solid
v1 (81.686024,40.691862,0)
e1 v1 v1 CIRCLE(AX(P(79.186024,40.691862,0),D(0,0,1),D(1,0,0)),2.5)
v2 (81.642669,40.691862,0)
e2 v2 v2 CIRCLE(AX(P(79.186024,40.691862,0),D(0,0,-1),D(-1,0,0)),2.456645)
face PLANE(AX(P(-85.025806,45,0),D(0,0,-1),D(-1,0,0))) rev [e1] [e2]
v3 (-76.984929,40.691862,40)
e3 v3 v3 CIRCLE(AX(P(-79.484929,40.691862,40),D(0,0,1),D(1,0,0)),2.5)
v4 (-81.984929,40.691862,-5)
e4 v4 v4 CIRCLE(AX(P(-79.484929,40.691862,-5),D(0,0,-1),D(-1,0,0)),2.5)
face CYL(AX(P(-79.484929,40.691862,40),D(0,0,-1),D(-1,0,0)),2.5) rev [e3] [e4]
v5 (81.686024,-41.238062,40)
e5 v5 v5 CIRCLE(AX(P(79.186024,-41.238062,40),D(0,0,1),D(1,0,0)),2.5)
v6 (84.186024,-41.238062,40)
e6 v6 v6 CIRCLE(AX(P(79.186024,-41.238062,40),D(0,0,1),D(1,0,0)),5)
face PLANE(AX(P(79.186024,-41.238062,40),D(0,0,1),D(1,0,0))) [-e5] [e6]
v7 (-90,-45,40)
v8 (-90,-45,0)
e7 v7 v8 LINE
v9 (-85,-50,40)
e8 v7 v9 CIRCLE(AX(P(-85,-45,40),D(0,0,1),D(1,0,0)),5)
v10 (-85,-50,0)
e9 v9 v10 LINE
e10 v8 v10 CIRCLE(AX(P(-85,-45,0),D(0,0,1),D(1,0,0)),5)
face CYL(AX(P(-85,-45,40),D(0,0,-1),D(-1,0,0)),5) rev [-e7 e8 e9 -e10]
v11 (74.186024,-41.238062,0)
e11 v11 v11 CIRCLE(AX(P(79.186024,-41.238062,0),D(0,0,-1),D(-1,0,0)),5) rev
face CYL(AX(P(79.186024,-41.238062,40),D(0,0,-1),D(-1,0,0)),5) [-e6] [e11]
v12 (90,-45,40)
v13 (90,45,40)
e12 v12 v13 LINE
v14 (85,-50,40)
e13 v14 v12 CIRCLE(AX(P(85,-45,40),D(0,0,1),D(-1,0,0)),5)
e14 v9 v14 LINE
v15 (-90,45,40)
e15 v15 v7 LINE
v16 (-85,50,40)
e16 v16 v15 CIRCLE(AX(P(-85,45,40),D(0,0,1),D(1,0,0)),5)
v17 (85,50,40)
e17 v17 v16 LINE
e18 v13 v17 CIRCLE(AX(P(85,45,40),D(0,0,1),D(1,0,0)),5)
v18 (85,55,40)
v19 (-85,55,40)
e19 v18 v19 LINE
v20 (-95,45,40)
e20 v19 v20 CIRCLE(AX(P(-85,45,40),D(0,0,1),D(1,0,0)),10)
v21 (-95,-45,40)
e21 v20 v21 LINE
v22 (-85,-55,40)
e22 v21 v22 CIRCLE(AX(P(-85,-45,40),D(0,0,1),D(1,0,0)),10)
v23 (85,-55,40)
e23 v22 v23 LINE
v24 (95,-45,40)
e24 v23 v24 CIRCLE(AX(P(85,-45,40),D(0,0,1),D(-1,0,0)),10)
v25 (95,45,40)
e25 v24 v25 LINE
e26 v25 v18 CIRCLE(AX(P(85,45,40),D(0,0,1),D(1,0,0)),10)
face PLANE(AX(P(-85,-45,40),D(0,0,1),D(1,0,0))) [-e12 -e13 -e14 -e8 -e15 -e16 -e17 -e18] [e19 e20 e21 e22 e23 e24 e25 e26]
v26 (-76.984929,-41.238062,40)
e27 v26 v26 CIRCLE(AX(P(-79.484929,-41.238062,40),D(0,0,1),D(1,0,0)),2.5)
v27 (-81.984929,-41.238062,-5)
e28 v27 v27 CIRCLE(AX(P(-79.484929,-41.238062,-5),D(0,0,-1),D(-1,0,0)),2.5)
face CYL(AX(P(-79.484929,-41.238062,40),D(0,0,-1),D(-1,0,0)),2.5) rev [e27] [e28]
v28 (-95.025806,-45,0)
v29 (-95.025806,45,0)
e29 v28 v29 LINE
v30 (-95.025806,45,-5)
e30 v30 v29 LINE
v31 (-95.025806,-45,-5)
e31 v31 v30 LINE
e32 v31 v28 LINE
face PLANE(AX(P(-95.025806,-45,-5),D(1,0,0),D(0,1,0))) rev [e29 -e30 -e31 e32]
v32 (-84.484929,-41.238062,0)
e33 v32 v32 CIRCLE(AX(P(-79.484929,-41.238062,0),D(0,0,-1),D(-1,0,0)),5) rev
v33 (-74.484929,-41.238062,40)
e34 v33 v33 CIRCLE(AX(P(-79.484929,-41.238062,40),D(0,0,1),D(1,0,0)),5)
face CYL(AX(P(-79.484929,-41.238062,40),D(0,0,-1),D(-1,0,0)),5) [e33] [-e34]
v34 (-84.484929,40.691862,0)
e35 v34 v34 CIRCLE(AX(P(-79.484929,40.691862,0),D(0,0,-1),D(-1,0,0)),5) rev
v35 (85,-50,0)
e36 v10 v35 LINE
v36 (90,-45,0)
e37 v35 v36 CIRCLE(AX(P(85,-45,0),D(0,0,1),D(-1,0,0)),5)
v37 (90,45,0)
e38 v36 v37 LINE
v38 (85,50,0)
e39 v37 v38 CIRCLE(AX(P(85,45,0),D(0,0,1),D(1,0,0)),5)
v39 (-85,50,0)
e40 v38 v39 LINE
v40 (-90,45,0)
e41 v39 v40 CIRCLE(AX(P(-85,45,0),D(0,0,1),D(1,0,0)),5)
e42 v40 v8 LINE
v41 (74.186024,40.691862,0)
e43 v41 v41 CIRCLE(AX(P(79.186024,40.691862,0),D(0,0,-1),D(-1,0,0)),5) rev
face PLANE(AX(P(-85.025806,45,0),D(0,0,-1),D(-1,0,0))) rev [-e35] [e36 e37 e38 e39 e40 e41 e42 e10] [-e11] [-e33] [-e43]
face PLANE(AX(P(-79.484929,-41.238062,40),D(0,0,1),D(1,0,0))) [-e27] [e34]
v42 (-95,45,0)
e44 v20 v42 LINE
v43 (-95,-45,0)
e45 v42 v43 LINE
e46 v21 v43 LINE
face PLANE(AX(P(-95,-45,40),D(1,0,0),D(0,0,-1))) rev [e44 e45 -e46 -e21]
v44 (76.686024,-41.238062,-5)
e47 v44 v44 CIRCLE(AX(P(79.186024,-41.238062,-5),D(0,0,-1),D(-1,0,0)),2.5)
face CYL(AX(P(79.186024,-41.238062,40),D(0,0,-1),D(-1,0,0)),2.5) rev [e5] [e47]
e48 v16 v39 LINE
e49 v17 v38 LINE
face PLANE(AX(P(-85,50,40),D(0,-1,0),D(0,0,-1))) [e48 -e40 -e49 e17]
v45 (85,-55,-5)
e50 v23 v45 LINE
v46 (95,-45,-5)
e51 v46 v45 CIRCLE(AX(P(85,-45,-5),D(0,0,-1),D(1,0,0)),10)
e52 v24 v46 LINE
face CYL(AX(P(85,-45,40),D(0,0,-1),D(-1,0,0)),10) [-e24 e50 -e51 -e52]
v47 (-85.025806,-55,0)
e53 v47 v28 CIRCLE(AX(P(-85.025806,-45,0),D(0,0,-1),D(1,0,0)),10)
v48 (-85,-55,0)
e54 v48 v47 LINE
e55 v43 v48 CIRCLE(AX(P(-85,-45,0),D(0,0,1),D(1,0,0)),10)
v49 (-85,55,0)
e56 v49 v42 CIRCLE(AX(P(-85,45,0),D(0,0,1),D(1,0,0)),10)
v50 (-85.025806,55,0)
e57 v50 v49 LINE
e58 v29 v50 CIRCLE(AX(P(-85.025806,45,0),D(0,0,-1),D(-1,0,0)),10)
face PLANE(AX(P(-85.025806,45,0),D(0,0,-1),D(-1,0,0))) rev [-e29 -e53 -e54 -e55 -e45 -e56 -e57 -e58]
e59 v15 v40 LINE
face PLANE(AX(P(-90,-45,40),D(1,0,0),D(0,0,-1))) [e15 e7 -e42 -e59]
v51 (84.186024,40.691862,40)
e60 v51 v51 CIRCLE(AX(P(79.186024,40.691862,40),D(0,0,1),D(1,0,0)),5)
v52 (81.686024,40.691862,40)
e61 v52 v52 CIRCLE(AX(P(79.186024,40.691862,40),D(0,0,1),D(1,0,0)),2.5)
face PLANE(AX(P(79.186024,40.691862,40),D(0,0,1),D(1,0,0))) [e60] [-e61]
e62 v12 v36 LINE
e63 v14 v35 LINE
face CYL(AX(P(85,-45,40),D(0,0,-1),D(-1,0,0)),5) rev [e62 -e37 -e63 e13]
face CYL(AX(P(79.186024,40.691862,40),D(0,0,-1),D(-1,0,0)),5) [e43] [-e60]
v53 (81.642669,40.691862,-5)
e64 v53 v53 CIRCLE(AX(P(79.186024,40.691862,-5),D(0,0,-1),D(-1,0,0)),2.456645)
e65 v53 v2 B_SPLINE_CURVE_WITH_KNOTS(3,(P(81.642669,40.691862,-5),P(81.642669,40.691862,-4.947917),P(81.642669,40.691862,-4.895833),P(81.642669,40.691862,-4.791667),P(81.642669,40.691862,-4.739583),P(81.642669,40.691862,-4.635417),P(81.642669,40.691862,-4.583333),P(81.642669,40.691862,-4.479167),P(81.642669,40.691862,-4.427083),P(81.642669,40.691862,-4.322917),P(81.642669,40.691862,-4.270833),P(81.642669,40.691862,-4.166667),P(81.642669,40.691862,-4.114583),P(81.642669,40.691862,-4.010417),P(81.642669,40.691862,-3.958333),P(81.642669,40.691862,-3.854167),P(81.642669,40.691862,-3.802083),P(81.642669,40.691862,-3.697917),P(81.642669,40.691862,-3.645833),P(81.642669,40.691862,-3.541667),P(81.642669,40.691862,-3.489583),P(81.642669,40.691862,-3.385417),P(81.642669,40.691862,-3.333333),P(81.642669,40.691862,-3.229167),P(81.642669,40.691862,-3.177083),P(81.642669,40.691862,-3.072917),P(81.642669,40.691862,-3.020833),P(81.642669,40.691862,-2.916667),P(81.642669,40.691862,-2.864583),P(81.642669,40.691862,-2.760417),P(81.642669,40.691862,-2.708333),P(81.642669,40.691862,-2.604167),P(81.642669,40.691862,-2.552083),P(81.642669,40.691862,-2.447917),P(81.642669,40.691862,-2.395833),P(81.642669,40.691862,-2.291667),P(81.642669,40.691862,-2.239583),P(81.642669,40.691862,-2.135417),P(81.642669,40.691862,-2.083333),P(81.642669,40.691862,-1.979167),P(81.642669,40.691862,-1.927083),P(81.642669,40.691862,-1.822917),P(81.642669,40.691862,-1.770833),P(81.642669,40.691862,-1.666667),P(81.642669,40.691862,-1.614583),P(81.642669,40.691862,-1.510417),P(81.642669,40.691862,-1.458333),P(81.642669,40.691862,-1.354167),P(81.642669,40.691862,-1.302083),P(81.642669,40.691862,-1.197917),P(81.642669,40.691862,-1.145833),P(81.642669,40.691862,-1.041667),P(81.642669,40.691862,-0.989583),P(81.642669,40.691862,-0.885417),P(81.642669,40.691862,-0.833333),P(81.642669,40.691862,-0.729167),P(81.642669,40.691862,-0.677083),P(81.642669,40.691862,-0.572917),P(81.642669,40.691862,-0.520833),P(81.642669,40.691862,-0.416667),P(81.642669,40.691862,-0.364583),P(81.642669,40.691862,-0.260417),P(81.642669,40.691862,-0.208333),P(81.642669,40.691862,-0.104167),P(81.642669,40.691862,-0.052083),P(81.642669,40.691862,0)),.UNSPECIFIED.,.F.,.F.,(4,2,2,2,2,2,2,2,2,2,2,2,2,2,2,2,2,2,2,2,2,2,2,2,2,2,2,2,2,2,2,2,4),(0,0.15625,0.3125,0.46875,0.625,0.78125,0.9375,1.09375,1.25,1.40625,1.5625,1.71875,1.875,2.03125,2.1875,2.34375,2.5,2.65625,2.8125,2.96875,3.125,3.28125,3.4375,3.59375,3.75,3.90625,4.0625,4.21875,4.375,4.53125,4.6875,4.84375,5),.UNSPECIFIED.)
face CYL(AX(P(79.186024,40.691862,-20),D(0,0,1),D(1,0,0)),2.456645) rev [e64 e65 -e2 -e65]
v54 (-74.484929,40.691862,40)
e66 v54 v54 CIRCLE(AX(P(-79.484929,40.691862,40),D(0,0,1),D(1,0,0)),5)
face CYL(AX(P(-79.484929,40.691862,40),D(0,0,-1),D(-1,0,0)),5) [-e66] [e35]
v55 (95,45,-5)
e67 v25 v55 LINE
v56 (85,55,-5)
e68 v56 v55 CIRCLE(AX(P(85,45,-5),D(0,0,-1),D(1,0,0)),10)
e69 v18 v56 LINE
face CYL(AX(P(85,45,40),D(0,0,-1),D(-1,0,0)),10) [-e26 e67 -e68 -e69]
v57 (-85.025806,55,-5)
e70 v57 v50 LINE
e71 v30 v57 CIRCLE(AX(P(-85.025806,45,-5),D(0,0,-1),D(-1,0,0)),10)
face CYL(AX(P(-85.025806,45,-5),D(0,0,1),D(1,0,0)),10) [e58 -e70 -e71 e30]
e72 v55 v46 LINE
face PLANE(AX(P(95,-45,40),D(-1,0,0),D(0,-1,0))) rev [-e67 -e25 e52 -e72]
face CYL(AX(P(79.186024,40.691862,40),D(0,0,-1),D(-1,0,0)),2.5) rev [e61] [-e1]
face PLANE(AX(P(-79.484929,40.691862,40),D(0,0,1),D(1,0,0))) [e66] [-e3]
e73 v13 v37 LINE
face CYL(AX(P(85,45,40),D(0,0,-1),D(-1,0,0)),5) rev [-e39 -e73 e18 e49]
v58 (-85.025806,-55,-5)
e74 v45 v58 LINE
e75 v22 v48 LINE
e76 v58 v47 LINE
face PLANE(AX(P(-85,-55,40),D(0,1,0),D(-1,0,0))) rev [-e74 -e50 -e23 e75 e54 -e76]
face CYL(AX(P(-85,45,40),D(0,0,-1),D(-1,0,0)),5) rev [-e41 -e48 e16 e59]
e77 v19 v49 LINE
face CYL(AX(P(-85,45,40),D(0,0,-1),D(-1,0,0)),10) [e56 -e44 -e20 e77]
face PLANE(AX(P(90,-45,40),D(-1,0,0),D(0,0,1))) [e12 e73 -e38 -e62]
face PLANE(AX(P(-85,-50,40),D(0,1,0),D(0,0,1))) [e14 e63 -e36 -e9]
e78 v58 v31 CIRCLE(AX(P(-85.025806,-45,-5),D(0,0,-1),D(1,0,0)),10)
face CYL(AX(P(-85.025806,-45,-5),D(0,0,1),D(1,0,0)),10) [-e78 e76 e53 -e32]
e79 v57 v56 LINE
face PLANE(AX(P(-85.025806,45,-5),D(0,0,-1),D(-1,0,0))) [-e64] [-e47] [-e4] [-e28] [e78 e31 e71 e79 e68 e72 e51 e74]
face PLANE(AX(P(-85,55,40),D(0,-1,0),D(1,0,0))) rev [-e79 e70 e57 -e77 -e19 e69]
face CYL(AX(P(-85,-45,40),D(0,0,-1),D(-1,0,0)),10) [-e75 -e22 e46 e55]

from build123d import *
from build123d.topology import SkipClean

# Parameters (mm, degrees)
BOSS_EXTRUDE1_DEPTH = 40
BOSS_EXTRUDE2_START = 5
BOSS_EXTRUDE2_DEPTH = 5
SKETCH4_R           = 5
SKETCH4_R_2         = 2.5
BOSS_EXTRUDE3_DEPTH = 40
CUT_EXTRUDE2_START  = -60
SKETCH5_R           = 2.5
SKETCH5_R_2         = 2.456644978
CUT_EXTRUDE2_DEPTH  = 60


with BuildPart() as part:
    # Sketch1 → Boss-Extrude1 (new body)
    with BuildSketch(Plane.XY):
        with BuildLine():
            Line((-95, -45), (-95, 45))
            ThreePointArc((-95, 45), (-92.071067812, 52.071067812), (-85, 55))
            Line((-85, 55), (85, 55))
            ThreePointArc((85, 55), (92.071067812, 52.071067812), (95, 45))
            Line((95, 45), (95, -45))
            ThreePointArc((95, -45), (92.071067812, -52.071067812), (85, -55))
            Line((85, -55), (-85, -55))
            ThreePointArc((-85, -55), (-92.071067812, -52.071067812), (-95, -45))
        make_face()
        with BuildLine():
            Line((-85, -50), (85, -50))
            ThreePointArc((85, -50), (88.535533906, -48.535533906), (90, -45))
            Line((90, -45), (90, 45))
            ThreePointArc((90, 45), (88.535533906, 48.535533906), (85, 50))
            Line((85, 50), (-85, 50))
            ThreePointArc((-85, 50), (-88.535533906, 48.535533906), (-90, 45))
            Line((-90, 45), (-90, -45))
            ThreePointArc((-90, -45), (-88.535533906, -48.535533906), (-85, -50))
        make_face(mode=Mode.SUBTRACT)
    extrude(amount=BOSS_EXTRUDE1_DEPTH)

    # Sketch3 → Boss-Extrude2 (add)
    with BuildSketch(Plane(origin=(0, 0, 0), x_dir=(-1, 0, 0), z_dir=(0, 0, -1)).offset(BOSS_EXTRUDE2_START)):
        with BuildLine():
            Line((-85, -55), (85.025805787, -55))
            ThreePointArc((85.025805787, -55), (92.096873598, -52.071067812), (95.025805787, -45))
            Line((95.025805787, -45), (95.025805787, 45))
            ThreePointArc((95.025805787, 45), (92.096873598, 52.071067812), (85.025805787, 55))
            Line((85.025805787, 55), (-85, 55))
            ThreePointArc((-85, 55), (-92.071067812, 52.071067812), (-95, 45))
            Line((-95, 45), (-95, -45))
            ThreePointArc((-95, -45), (-92.071067812, -52.071067812), (-85, -55))
        make_face()
    extrude(amount=-BOSS_EXTRUDE2_DEPTH)

    # Sketch4 → Boss-Extrude3 (add)
    # profile 1 of 4: a face of its own
    with BuildSketch(Plane.XY):
        with Locations(Location((-79.484929462, 40.691862401, 0), (0, 0, 180))):
            Circle(SKETCH4_R)
        with Locations((-79.484929462, 40.691862401)):
            Circle(SKETCH4_R_2, mode=Mode.SUBTRACT)
    # profile 2 of 4: a face of its own
    with BuildSketch(Plane.XY):
        with Locations(Location((-79.484929462, -41.238061896, 0), (0, 0, 180))):
            Circle(SKETCH4_R)
        with Locations((-79.484929462, -41.238061896)):
            Circle(SKETCH4_R_2, mode=Mode.SUBTRACT)
    # profile 3 of 4: a face of its own
    with BuildSketch(Plane.XY):
        with Locations(Location((79.186023927, -41.238061896, 0), (0, 0, 180))):
            Circle(SKETCH4_R)
        with Locations((79.186023927, -41.238061896)):
            Circle(SKETCH4_R_2, mode=Mode.SUBTRACT)
    # profile 4 of 4: a face of its own
    with BuildSketch(Plane.XY):
        with Locations(Location((79.186023927, 40.691862401, 0), (0, 0, 180))):
            Circle(SKETCH4_R)
        with Locations((79.186023927, 40.691862401)):
            Circle(SKETCH4_R_2, mode=Mode.SUBTRACT)
    extrude(amount=BOSS_EXTRUDE3_DEPTH)

    # Sketch5 → Cut-Extrude2 (cut)
    with SkipClean():  # the faces are left unmerged after this step: merging them gives an invalid solid
        with BuildSketch(Plane.XY.offset(40).offset(CUT_EXTRUDE2_START)):
            with Locations(Location((-79.484929462, 40.691862401, 0), (0, 0, 180))):
                Circle(SKETCH5_R)
            with Locations((79.186023927, 40.691862401)):
                Circle(SKETCH5_R_2)
            with Locations(Location((-79.484929462, -41.238061896, 0), (0, 0, 180))):
                Circle(SKETCH5_R)
            with Locations(Location((79.186023927, -41.238061896, 0), (0, 0, 180))):
                Circle(SKETCH5_R)
        extrude(amount=CUT_EXTRUDE2_DEPTH, mode=Mode.SUBTRACT)


solid = part.part
